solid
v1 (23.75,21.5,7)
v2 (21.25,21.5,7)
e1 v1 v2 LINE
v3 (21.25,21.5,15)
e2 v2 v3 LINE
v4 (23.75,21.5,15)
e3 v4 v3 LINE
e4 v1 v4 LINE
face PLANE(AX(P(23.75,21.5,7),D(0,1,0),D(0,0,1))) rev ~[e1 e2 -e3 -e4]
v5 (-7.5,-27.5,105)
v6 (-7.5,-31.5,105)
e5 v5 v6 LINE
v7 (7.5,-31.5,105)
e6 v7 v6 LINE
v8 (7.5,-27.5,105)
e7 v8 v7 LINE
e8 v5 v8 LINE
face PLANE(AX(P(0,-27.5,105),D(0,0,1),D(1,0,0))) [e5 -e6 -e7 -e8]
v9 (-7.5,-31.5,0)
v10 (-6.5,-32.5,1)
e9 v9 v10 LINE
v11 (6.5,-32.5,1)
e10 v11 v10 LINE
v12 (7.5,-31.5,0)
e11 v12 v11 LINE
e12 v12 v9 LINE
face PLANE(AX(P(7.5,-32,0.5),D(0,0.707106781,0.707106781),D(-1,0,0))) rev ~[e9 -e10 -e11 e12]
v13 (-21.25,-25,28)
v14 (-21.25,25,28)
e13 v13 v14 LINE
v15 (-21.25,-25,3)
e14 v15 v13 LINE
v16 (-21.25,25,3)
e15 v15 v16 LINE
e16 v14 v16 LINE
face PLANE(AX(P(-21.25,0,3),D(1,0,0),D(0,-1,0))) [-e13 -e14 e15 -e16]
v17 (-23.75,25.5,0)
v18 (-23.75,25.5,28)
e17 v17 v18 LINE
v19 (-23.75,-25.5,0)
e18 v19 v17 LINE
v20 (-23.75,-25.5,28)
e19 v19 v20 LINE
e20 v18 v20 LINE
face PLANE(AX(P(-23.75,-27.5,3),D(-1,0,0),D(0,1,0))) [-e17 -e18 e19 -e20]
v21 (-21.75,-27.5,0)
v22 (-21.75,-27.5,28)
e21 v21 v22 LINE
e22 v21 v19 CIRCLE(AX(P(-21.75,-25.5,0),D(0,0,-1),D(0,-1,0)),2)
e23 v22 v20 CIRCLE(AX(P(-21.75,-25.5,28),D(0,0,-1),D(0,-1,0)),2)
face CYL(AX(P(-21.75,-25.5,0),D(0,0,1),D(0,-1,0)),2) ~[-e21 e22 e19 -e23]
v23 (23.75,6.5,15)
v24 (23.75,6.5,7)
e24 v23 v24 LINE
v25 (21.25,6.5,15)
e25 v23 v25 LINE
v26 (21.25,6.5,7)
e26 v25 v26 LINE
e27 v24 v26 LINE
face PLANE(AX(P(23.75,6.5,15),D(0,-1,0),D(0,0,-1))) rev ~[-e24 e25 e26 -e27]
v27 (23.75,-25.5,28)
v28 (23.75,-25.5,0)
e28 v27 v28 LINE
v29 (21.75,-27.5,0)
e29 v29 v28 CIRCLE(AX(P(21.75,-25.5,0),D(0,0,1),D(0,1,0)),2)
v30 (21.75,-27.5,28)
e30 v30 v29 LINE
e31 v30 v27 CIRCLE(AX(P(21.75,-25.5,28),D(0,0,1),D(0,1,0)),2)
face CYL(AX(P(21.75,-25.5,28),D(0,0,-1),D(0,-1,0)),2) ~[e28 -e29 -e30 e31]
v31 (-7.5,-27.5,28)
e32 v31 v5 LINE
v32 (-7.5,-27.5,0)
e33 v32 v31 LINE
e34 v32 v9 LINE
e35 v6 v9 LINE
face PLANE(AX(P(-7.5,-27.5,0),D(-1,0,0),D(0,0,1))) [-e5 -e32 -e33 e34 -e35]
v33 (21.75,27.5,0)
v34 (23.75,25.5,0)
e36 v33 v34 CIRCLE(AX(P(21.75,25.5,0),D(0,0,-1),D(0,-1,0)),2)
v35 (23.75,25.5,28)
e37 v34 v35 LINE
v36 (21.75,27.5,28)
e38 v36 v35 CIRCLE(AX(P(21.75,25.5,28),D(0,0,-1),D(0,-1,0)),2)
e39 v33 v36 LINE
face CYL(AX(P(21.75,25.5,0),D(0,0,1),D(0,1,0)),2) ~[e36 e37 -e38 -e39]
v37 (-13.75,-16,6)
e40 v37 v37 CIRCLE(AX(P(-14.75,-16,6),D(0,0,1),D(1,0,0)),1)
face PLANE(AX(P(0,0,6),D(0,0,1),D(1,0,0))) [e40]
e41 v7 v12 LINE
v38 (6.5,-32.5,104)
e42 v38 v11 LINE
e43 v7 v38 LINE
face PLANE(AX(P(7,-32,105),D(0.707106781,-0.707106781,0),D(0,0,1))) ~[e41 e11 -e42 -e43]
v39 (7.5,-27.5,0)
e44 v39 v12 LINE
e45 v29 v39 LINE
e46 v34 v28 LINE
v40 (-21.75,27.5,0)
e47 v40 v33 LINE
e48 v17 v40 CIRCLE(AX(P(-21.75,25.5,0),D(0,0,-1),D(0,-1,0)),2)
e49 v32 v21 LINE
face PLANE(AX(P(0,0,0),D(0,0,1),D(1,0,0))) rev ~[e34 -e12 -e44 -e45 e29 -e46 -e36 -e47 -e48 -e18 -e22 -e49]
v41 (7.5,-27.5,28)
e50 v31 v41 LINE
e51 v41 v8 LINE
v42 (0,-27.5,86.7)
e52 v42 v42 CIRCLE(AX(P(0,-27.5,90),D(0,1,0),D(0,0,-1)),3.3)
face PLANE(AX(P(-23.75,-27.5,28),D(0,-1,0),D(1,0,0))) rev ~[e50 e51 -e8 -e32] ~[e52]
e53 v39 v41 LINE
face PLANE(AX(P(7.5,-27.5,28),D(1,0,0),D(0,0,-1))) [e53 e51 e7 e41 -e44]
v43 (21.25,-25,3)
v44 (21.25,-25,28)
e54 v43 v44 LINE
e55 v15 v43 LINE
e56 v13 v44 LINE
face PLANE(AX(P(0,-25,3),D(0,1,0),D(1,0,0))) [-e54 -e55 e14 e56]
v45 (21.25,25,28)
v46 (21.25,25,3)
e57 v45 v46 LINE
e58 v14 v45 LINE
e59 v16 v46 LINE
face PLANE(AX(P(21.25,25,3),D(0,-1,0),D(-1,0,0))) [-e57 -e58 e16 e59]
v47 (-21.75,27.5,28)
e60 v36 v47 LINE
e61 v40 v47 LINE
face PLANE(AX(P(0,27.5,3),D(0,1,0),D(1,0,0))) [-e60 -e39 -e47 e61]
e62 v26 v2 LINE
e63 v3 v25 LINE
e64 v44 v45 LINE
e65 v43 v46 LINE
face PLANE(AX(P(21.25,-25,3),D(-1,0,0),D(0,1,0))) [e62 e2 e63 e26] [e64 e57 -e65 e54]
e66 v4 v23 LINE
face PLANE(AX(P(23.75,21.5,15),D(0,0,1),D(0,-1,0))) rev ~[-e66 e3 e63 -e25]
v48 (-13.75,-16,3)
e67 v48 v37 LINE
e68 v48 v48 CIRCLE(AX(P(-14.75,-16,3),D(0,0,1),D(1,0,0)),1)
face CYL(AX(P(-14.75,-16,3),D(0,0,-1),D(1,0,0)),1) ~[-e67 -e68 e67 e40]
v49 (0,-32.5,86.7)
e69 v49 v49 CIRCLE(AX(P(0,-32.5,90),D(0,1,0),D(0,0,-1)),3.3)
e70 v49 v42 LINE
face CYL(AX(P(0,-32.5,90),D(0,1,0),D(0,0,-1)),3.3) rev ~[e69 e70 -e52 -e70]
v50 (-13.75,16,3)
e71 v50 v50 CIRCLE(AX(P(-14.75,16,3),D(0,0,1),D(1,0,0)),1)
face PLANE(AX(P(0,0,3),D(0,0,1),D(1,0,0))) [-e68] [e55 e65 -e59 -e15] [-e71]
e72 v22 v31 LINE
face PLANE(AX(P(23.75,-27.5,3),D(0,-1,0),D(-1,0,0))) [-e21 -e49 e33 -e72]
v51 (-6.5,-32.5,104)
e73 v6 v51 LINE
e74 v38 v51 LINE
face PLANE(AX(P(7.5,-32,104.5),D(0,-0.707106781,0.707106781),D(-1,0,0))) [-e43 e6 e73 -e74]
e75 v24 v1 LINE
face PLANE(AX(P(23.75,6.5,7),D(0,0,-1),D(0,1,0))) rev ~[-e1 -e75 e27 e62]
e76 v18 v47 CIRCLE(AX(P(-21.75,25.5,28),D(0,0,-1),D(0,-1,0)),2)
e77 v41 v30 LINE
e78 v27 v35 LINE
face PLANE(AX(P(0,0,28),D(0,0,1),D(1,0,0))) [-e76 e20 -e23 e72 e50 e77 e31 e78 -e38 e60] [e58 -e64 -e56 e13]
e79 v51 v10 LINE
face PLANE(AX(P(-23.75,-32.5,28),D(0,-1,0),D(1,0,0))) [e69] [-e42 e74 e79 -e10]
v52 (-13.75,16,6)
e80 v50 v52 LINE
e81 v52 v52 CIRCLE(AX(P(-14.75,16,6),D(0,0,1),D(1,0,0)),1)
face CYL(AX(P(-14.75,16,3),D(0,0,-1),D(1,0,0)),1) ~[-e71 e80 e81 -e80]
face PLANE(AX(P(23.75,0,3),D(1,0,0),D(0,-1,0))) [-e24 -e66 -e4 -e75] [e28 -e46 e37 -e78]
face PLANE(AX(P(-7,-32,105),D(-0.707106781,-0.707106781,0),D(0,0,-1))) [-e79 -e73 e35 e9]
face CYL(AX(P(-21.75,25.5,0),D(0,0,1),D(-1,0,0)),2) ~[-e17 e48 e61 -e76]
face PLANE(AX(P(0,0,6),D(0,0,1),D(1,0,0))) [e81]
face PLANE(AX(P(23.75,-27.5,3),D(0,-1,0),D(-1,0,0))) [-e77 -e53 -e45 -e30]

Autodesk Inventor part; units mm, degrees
ref_plane "YZ Plane" through (0, 0, 0) normal (1, 0, 0) x (0, 1, 0)
ref_plane "XZ Plane" through (0, 0, 0) normal (0, 1, 0) x (-1, 0, 0)
ref_plane "XY Plane" through (0, 0, 0) normal (0, 0, 1) x (1, 0, 0)
sketch "Náčrt1" plane through (0, 0, 0) normal (0, 0, 1) x (1, 0, 0)
  line L0 (-21.25, 25) -> (21.25, 25)
  line L1 (21.25, 25) -> (21.25, -25)
  line L2 (21.25, -25) -> (-21.25, -25)
  line L3 (-21.25, -25) -> (-21.25, 25)
  line L4 (0, 35) -> (0, -35) projected
  line L5 (-29.75, 0) -> (29.75, 0) projected
  point P0 (0, 0)
  dimension "d0" = 50
  dimension "d1" = 42.5
extrude "Vysunutí1" add sketch "Náčrt1" along normal blind 3
sketch "Náčrt2" plane through (0, 0, 3) normal (0, 0, 1) x (1, 0, 0)
  line L0 (0, 35) -> (0, -35) projected
  line L1 (-29.75, 0) -> (29.75, 0) projected
  line L2 (21.25, -25) -> (21.25, 25) projected
  line L3 (21.25, 25) -> (-21.25, 25) projected
  line L4 (-21.25, 25) -> (-21.25, -25) projected
  line L5 (-21.25, -25) -> (21.25, -25) projected
  line L6 (-17.5, 21.5) -> (17.5, 21.5) construction
  line L7 (17.5, 21.5) -> (17.5, -21.5) construction
  line L8 (17.5, -21.5) -> (-17.5, -21.5) construction
  line L9 (-17.5, -21.5) -> (-17.5, 21.5) construction
  circle A0 centre (-14.75, 16) radius 1
  circle A1 centre (-14.75, -16) radius 1
  point P0 (0, 0)
  dimension "d4" = 35
  dimension "d5" = 43
  dimension "d6" = 2
  dimension "d9" = 16
  dimension "d10" = 36
extrude "Vysunutí2" add sketch "Náčrt2" along normal blind 3 contours A0 | A1
sketch "Náčrt3" plane through (0, 0, 3) normal (0, 0, 1) x (1, 0, 0)
  circle A0 centre (-14.75, -16) radius 1 projected
  circle A1 centre (-14.75, 16) radius 1 projected
  line L0 (21.25, -25) -> (21.25, 25) projected
  line L1 (21.25, 25) -> (-21.25, 25) projected
  line L2 (-21.25, 25) -> (-21.25, -25) projected
  line L3 (-21.25, -25) -> (21.25, -25) projected
  line L4 (0, 35) -> (0, -35) projected
  line L5 (-29.75, 0) -> (29.75, 0) projected
  line L6 (-23.75, 27.5) -> (23.75, 27.5)
  line L7 (23.75, 27.5) -> (23.75, -27.5)
  line L8 (23.75, -27.5) -> (-23.75, -27.5)
  line L9 (-23.75, -27.5) -> (-23.75, 27.5)
  line L10 (-21.25, 25) -> (21.25, 25)
  line L11 (21.25, 25) -> (21.25, -25)
  line L12 (21.25, -25) -> (-21.25, -25)
  line L13 (-21.25, -25) -> (-21.25, 25)
  point P0 (0, 0)
  dimension "d13" = 2.5
extrude "Vysunutí3" add sketch "Náčrt3" along normal blind 25 and the other way blind 3 contours L0 L5 L7 L8 L4 L3 | L0 L1 L4 L6 L7 L5 | L4 L8 L9 L5 L2 L3 | L1 L2 L5 L9 L6 L4
sketch "Náčrt4" plane through (23.75, -27.5, 28) normal (1, 0, 0) x (0, 0, -1)
  line L0 (13, 34) -> (21, 34)
  line L1 (21, 34) -> (21, 49)
  line L2 (21, 49) -> (13, 49)
  line L3 (13, 49) -> (13, 34)
  line L4 (0, 55) -> (28, 55) projected
  line L5 (0, 0) -> (0, 55) projected
  line L6 (28, 0) -> (0, 0) projected
  line L7 (28, 55) -> (28, 0) projected
  line L8 (-6.6, 27.5) -> (39.6, 27.5) projected
  line L9 (28, -11) -> (28, 66) projected
  line L10 (25, 2.5) -> (25, 52.5) projected
  line L11 (0, 52.5) -> (25, 52.5) projected
  point P0 (28, 27.5)
  dimension "d18" = 15
  dimension "d19" = 8
  dimension "d20" = 7
  dimension "d21" = 6
extrude "Vysunutí4" cut sketch "Náčrt4" against normal up to surface (2.5 mm away) contours L3 L2 L1 L0
sketch "Náčrt5" plane through (-23.75, -27.5, 28) normal (0, -1, 0) x (1, 0, 0)
  line L0 (47.5, -28) -> (47.5, 0) projected
  line L1 (0, 0) -> (47.5, 0) projected
  line L2 (0, -28) -> (0, 0) projected
  line L3 (47.5, -28) -> (0, -28) projected
  line L4 (23.75, 99) -> (23.75, -55) projected
  line L5 (-9.5, -28) -> (57, -28) projected
  line L6 (31.25, -28) -> (16.25, -28)
  line L7 (16.25, -28) -> (16.25, 77)
  line L8 (16.25, 77) -> (31.25, 77)
  line L9 (31.25, 77) -> (31.25, -28)
  point P0 (23.75, -28)
  point P1 (31.25, -28)
  dimension "d24" = 15
  dimension "d25" = 77
extrude "Vysunutí5" add sketch "Náčrt5" along normal blind 5 contours L3 L4 L1 L9 | L1 L4 L8 L9 | L3 L7 L1 L4 | L1 L7 L8 L4
sketch "Náčrt6" plane through (-23.75, -32.5, 28) normal (0, -1, 0) x (1, 0, 0)
  line L0 (16.25, 77) -> (16.25, -28) projected
  line L1 (16.25, -28) -> (31.25, -28) projected
  line L2 (31.25, -28) -> (31.25, 77) projected
  line L3 (31.25, 77) -> (16.25, 77) projected
  line L4 (23.75, 99) -> (23.75, -55) projected
  line L5 (-9.5, -28) -> (57, -28) projected
  point P0 (23.75, -28)
  point P1 (23.75, 62)
  dimension "d28" = 15
hole "Díra1" at (0, -32.5, 90) direction (0, 1, 0) diameter 6.6 end through all
chamfer "Zkosení1" distance 1 angle 45 4 edges at (-7.5, -32.5, 52.5) (7.5, -32.5, 52.5) (0, -32.5, 105) (0, -32.5, 0)
fillet "Zaoblení1" radius 2 4 edges at (-23.75, -27.5, 14) (23.75, -27.5, 14) (23.75, 27.5, 14) (-23.75, 27.5, 14)
properties part number "a4988_box_3D tisk"
